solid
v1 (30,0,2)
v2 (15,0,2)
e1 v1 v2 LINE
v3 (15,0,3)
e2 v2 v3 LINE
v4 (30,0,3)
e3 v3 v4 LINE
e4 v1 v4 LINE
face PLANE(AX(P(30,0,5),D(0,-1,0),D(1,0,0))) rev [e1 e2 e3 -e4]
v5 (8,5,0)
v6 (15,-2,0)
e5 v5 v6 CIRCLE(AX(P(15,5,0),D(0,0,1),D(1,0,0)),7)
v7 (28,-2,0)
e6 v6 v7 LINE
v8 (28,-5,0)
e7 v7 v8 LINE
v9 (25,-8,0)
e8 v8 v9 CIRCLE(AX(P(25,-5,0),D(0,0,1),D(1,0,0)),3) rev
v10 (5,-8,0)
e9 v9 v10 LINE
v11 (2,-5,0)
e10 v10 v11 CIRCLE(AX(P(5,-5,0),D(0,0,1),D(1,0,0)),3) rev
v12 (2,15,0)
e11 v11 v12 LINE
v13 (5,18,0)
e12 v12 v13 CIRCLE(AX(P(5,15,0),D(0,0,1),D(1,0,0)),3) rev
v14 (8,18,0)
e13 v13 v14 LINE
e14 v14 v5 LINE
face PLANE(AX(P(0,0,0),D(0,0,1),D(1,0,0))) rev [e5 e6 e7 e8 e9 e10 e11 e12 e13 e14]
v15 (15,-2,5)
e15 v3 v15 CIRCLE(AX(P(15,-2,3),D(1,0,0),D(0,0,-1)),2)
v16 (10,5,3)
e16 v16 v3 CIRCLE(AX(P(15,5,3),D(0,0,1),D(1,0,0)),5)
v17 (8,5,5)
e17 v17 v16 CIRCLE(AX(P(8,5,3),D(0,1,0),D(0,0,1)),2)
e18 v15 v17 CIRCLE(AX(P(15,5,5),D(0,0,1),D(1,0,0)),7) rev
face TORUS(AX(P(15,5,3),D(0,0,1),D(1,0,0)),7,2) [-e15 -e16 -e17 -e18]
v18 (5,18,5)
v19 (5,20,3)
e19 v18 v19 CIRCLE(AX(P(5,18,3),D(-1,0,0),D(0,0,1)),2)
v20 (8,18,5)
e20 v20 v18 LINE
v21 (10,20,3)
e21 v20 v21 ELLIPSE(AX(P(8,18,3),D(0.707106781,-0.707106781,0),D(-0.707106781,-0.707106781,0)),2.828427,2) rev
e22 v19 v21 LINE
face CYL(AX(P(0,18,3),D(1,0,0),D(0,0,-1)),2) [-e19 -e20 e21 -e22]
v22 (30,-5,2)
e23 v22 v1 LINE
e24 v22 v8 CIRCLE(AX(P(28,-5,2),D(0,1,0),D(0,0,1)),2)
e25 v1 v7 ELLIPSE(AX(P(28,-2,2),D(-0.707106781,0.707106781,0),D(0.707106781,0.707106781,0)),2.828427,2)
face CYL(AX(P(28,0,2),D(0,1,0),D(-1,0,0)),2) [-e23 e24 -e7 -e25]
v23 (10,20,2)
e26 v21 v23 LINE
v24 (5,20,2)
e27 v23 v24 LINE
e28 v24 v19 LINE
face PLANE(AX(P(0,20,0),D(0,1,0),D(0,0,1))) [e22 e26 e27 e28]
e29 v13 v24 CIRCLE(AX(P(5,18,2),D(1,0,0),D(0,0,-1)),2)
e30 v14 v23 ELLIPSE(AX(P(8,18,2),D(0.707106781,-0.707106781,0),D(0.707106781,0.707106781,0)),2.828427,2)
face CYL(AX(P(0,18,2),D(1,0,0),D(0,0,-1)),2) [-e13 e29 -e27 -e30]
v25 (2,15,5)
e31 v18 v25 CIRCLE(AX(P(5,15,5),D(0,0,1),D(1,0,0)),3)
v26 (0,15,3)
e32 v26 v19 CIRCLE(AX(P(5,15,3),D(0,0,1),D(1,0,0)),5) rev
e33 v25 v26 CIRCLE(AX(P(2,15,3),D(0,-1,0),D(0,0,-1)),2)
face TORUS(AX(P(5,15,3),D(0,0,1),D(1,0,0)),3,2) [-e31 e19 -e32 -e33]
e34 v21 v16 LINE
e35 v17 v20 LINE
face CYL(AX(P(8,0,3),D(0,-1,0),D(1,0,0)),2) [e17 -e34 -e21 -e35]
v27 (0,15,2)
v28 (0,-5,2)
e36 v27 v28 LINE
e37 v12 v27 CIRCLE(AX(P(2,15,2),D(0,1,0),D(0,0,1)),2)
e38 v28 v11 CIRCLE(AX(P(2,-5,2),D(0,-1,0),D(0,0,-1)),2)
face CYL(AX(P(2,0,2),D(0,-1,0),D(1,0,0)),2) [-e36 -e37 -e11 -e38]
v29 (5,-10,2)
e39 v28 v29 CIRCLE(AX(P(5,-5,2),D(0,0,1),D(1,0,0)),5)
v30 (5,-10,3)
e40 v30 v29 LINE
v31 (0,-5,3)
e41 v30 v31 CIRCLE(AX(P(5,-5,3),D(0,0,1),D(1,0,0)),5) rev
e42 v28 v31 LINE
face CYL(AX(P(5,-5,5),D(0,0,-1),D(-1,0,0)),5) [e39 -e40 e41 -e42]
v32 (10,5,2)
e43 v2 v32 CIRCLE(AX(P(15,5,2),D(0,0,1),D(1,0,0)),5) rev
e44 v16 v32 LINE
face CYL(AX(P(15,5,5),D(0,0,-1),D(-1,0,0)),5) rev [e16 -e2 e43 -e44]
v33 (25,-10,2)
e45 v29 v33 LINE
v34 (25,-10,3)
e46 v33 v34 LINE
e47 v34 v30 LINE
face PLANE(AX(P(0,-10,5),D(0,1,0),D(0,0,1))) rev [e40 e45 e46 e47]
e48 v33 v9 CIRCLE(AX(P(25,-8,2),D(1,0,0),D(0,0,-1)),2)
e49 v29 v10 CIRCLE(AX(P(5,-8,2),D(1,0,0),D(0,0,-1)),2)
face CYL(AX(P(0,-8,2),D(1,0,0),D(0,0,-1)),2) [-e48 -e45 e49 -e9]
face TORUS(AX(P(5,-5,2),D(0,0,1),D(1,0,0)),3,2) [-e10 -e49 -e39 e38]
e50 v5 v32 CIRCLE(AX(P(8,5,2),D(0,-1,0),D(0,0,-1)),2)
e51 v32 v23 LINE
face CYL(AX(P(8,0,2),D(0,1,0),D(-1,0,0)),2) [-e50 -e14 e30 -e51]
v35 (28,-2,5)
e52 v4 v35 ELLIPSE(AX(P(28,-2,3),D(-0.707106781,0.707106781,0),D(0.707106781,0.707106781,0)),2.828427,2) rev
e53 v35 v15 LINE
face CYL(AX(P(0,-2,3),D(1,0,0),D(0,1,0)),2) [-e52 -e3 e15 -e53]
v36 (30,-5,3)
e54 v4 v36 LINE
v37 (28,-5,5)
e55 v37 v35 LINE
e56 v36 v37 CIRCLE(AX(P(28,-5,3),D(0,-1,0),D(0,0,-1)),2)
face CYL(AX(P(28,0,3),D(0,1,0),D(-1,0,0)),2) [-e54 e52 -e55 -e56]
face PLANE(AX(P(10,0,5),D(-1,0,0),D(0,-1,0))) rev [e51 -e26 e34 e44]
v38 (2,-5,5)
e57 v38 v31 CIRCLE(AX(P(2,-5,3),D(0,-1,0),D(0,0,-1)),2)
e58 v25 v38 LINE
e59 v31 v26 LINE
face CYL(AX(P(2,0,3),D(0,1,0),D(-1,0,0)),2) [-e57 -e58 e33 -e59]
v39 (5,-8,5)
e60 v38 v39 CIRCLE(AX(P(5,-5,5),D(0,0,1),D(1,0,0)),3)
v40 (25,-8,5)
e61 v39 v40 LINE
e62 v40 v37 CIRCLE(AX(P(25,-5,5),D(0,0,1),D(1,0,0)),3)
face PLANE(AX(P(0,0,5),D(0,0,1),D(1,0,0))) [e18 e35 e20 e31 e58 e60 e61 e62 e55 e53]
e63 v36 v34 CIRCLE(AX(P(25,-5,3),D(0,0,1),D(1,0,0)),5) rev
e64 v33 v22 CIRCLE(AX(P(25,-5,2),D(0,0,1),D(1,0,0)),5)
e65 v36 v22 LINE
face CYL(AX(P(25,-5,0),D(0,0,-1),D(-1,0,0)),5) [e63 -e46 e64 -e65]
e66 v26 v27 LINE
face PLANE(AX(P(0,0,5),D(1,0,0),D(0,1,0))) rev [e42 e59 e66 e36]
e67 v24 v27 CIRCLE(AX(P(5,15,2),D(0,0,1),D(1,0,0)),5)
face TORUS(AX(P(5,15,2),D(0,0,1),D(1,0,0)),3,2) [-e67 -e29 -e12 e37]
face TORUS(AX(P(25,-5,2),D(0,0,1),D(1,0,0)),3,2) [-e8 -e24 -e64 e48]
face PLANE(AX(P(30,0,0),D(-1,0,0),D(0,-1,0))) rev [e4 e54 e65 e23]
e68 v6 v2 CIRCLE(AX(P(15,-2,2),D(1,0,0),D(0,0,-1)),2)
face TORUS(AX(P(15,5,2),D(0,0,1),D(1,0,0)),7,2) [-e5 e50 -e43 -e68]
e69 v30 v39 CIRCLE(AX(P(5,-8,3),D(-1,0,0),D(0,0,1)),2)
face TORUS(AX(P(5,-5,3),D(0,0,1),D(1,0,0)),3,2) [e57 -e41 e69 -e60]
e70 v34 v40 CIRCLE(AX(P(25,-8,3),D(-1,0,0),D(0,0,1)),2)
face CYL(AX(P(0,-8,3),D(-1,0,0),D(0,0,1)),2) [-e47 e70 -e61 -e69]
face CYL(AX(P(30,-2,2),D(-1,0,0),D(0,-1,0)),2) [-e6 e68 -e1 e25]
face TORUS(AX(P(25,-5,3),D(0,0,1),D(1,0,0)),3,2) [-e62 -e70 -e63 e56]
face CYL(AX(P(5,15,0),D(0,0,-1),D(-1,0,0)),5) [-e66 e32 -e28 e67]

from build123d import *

# Parameters (mm, degrees)
SKETCH1_W           = 10
SKETCH1_H           = 10
BOSS_EXTRUDE1_DEPTH = 5
SKETCH2_W           = 10
SKETCH2_H           = 5
BOSS_EXTRUDE2_DEPTH = 20
SKETCH3_W           = 5
SKETCH3_H           = 10
BOSS_EXTRUDE3_DEPTH = 20
FILLET1_R           = 5
FILLET2_R           = 2


with BuildPart() as part:
    # Sketch1 → Boss-Extrude1 (new body)
    with BuildSketch(Plane.XY):
        with Locations((5, -5)):
            Rectangle(SKETCH1_W, SKETCH1_H)
    extrude(amount=BOSS_EXTRUDE1_DEPTH)

    # Sketch2 → Boss-Extrude2 (add)
    with BuildSketch(Plane(origin=(0, 0, 0), x_dir=(1, 0, 0), z_dir=(0, 1, 0))):
        with Locations((5, -2.5)):
            Rectangle(SKETCH2_W, SKETCH2_H)
    extrude(amount=BOSS_EXTRUDE2_DEPTH)

    # Sketch3 → Boss-Extrude3 (add)
    with BuildSketch(Plane(origin=(10, 0, 0), x_dir=(0, 0, -1), z_dir=(1, 0, 0))):
        with Locations((-2.5, -5)):
            Rectangle(SKETCH3_W, SKETCH3_H)
    extrude(amount=BOSS_EXTRUDE3_DEPTH)

    # Fillet1
    fillet1_edges = [part.edges().sort_by_distance(p)[0] for p in [
        (0, 20, 2.5),
        (10, 0, 2.5),
        (30, -10, 2.5),
        (0, -10, 2.5),
    ]]
    fillet(fillet1_edges, radius=FILLET1_R)

    # Fillet2
    fillet2_edges = [part.edges().sort_by_distance(p)[0] for p in [
        (7.5, 20, 0),
        (22.5, 0, 5),
        (22.5, 0, 0),
        (30, -2.5, 5),
        (30, -2.5, 0),
        (0, 5, 0),
        (10, 12.5, 0),
        (15, -10, 0),
        (1.464466094, -8.535533906, 0),
        (1.464466094, 18.535533906, 0),
        (28.535533906, -8.535533906, 0),
        (15, -10, 5),
        (0, 5, 5),
        (10, 12.5, 5),
        (7.5, 20, 5),
        (1.464466094, -8.535533906, 5),
        (1.464466094, 18.535533906, 5),
        (28.535533906, -8.535533906, 5),
        (11.464466094, 1.464466094, 5),
        (11.464466094, 1.464466094, 0),
    ]]
    fillet(fillet2_edges, radius=FILLET2_R)


solid = part.part
